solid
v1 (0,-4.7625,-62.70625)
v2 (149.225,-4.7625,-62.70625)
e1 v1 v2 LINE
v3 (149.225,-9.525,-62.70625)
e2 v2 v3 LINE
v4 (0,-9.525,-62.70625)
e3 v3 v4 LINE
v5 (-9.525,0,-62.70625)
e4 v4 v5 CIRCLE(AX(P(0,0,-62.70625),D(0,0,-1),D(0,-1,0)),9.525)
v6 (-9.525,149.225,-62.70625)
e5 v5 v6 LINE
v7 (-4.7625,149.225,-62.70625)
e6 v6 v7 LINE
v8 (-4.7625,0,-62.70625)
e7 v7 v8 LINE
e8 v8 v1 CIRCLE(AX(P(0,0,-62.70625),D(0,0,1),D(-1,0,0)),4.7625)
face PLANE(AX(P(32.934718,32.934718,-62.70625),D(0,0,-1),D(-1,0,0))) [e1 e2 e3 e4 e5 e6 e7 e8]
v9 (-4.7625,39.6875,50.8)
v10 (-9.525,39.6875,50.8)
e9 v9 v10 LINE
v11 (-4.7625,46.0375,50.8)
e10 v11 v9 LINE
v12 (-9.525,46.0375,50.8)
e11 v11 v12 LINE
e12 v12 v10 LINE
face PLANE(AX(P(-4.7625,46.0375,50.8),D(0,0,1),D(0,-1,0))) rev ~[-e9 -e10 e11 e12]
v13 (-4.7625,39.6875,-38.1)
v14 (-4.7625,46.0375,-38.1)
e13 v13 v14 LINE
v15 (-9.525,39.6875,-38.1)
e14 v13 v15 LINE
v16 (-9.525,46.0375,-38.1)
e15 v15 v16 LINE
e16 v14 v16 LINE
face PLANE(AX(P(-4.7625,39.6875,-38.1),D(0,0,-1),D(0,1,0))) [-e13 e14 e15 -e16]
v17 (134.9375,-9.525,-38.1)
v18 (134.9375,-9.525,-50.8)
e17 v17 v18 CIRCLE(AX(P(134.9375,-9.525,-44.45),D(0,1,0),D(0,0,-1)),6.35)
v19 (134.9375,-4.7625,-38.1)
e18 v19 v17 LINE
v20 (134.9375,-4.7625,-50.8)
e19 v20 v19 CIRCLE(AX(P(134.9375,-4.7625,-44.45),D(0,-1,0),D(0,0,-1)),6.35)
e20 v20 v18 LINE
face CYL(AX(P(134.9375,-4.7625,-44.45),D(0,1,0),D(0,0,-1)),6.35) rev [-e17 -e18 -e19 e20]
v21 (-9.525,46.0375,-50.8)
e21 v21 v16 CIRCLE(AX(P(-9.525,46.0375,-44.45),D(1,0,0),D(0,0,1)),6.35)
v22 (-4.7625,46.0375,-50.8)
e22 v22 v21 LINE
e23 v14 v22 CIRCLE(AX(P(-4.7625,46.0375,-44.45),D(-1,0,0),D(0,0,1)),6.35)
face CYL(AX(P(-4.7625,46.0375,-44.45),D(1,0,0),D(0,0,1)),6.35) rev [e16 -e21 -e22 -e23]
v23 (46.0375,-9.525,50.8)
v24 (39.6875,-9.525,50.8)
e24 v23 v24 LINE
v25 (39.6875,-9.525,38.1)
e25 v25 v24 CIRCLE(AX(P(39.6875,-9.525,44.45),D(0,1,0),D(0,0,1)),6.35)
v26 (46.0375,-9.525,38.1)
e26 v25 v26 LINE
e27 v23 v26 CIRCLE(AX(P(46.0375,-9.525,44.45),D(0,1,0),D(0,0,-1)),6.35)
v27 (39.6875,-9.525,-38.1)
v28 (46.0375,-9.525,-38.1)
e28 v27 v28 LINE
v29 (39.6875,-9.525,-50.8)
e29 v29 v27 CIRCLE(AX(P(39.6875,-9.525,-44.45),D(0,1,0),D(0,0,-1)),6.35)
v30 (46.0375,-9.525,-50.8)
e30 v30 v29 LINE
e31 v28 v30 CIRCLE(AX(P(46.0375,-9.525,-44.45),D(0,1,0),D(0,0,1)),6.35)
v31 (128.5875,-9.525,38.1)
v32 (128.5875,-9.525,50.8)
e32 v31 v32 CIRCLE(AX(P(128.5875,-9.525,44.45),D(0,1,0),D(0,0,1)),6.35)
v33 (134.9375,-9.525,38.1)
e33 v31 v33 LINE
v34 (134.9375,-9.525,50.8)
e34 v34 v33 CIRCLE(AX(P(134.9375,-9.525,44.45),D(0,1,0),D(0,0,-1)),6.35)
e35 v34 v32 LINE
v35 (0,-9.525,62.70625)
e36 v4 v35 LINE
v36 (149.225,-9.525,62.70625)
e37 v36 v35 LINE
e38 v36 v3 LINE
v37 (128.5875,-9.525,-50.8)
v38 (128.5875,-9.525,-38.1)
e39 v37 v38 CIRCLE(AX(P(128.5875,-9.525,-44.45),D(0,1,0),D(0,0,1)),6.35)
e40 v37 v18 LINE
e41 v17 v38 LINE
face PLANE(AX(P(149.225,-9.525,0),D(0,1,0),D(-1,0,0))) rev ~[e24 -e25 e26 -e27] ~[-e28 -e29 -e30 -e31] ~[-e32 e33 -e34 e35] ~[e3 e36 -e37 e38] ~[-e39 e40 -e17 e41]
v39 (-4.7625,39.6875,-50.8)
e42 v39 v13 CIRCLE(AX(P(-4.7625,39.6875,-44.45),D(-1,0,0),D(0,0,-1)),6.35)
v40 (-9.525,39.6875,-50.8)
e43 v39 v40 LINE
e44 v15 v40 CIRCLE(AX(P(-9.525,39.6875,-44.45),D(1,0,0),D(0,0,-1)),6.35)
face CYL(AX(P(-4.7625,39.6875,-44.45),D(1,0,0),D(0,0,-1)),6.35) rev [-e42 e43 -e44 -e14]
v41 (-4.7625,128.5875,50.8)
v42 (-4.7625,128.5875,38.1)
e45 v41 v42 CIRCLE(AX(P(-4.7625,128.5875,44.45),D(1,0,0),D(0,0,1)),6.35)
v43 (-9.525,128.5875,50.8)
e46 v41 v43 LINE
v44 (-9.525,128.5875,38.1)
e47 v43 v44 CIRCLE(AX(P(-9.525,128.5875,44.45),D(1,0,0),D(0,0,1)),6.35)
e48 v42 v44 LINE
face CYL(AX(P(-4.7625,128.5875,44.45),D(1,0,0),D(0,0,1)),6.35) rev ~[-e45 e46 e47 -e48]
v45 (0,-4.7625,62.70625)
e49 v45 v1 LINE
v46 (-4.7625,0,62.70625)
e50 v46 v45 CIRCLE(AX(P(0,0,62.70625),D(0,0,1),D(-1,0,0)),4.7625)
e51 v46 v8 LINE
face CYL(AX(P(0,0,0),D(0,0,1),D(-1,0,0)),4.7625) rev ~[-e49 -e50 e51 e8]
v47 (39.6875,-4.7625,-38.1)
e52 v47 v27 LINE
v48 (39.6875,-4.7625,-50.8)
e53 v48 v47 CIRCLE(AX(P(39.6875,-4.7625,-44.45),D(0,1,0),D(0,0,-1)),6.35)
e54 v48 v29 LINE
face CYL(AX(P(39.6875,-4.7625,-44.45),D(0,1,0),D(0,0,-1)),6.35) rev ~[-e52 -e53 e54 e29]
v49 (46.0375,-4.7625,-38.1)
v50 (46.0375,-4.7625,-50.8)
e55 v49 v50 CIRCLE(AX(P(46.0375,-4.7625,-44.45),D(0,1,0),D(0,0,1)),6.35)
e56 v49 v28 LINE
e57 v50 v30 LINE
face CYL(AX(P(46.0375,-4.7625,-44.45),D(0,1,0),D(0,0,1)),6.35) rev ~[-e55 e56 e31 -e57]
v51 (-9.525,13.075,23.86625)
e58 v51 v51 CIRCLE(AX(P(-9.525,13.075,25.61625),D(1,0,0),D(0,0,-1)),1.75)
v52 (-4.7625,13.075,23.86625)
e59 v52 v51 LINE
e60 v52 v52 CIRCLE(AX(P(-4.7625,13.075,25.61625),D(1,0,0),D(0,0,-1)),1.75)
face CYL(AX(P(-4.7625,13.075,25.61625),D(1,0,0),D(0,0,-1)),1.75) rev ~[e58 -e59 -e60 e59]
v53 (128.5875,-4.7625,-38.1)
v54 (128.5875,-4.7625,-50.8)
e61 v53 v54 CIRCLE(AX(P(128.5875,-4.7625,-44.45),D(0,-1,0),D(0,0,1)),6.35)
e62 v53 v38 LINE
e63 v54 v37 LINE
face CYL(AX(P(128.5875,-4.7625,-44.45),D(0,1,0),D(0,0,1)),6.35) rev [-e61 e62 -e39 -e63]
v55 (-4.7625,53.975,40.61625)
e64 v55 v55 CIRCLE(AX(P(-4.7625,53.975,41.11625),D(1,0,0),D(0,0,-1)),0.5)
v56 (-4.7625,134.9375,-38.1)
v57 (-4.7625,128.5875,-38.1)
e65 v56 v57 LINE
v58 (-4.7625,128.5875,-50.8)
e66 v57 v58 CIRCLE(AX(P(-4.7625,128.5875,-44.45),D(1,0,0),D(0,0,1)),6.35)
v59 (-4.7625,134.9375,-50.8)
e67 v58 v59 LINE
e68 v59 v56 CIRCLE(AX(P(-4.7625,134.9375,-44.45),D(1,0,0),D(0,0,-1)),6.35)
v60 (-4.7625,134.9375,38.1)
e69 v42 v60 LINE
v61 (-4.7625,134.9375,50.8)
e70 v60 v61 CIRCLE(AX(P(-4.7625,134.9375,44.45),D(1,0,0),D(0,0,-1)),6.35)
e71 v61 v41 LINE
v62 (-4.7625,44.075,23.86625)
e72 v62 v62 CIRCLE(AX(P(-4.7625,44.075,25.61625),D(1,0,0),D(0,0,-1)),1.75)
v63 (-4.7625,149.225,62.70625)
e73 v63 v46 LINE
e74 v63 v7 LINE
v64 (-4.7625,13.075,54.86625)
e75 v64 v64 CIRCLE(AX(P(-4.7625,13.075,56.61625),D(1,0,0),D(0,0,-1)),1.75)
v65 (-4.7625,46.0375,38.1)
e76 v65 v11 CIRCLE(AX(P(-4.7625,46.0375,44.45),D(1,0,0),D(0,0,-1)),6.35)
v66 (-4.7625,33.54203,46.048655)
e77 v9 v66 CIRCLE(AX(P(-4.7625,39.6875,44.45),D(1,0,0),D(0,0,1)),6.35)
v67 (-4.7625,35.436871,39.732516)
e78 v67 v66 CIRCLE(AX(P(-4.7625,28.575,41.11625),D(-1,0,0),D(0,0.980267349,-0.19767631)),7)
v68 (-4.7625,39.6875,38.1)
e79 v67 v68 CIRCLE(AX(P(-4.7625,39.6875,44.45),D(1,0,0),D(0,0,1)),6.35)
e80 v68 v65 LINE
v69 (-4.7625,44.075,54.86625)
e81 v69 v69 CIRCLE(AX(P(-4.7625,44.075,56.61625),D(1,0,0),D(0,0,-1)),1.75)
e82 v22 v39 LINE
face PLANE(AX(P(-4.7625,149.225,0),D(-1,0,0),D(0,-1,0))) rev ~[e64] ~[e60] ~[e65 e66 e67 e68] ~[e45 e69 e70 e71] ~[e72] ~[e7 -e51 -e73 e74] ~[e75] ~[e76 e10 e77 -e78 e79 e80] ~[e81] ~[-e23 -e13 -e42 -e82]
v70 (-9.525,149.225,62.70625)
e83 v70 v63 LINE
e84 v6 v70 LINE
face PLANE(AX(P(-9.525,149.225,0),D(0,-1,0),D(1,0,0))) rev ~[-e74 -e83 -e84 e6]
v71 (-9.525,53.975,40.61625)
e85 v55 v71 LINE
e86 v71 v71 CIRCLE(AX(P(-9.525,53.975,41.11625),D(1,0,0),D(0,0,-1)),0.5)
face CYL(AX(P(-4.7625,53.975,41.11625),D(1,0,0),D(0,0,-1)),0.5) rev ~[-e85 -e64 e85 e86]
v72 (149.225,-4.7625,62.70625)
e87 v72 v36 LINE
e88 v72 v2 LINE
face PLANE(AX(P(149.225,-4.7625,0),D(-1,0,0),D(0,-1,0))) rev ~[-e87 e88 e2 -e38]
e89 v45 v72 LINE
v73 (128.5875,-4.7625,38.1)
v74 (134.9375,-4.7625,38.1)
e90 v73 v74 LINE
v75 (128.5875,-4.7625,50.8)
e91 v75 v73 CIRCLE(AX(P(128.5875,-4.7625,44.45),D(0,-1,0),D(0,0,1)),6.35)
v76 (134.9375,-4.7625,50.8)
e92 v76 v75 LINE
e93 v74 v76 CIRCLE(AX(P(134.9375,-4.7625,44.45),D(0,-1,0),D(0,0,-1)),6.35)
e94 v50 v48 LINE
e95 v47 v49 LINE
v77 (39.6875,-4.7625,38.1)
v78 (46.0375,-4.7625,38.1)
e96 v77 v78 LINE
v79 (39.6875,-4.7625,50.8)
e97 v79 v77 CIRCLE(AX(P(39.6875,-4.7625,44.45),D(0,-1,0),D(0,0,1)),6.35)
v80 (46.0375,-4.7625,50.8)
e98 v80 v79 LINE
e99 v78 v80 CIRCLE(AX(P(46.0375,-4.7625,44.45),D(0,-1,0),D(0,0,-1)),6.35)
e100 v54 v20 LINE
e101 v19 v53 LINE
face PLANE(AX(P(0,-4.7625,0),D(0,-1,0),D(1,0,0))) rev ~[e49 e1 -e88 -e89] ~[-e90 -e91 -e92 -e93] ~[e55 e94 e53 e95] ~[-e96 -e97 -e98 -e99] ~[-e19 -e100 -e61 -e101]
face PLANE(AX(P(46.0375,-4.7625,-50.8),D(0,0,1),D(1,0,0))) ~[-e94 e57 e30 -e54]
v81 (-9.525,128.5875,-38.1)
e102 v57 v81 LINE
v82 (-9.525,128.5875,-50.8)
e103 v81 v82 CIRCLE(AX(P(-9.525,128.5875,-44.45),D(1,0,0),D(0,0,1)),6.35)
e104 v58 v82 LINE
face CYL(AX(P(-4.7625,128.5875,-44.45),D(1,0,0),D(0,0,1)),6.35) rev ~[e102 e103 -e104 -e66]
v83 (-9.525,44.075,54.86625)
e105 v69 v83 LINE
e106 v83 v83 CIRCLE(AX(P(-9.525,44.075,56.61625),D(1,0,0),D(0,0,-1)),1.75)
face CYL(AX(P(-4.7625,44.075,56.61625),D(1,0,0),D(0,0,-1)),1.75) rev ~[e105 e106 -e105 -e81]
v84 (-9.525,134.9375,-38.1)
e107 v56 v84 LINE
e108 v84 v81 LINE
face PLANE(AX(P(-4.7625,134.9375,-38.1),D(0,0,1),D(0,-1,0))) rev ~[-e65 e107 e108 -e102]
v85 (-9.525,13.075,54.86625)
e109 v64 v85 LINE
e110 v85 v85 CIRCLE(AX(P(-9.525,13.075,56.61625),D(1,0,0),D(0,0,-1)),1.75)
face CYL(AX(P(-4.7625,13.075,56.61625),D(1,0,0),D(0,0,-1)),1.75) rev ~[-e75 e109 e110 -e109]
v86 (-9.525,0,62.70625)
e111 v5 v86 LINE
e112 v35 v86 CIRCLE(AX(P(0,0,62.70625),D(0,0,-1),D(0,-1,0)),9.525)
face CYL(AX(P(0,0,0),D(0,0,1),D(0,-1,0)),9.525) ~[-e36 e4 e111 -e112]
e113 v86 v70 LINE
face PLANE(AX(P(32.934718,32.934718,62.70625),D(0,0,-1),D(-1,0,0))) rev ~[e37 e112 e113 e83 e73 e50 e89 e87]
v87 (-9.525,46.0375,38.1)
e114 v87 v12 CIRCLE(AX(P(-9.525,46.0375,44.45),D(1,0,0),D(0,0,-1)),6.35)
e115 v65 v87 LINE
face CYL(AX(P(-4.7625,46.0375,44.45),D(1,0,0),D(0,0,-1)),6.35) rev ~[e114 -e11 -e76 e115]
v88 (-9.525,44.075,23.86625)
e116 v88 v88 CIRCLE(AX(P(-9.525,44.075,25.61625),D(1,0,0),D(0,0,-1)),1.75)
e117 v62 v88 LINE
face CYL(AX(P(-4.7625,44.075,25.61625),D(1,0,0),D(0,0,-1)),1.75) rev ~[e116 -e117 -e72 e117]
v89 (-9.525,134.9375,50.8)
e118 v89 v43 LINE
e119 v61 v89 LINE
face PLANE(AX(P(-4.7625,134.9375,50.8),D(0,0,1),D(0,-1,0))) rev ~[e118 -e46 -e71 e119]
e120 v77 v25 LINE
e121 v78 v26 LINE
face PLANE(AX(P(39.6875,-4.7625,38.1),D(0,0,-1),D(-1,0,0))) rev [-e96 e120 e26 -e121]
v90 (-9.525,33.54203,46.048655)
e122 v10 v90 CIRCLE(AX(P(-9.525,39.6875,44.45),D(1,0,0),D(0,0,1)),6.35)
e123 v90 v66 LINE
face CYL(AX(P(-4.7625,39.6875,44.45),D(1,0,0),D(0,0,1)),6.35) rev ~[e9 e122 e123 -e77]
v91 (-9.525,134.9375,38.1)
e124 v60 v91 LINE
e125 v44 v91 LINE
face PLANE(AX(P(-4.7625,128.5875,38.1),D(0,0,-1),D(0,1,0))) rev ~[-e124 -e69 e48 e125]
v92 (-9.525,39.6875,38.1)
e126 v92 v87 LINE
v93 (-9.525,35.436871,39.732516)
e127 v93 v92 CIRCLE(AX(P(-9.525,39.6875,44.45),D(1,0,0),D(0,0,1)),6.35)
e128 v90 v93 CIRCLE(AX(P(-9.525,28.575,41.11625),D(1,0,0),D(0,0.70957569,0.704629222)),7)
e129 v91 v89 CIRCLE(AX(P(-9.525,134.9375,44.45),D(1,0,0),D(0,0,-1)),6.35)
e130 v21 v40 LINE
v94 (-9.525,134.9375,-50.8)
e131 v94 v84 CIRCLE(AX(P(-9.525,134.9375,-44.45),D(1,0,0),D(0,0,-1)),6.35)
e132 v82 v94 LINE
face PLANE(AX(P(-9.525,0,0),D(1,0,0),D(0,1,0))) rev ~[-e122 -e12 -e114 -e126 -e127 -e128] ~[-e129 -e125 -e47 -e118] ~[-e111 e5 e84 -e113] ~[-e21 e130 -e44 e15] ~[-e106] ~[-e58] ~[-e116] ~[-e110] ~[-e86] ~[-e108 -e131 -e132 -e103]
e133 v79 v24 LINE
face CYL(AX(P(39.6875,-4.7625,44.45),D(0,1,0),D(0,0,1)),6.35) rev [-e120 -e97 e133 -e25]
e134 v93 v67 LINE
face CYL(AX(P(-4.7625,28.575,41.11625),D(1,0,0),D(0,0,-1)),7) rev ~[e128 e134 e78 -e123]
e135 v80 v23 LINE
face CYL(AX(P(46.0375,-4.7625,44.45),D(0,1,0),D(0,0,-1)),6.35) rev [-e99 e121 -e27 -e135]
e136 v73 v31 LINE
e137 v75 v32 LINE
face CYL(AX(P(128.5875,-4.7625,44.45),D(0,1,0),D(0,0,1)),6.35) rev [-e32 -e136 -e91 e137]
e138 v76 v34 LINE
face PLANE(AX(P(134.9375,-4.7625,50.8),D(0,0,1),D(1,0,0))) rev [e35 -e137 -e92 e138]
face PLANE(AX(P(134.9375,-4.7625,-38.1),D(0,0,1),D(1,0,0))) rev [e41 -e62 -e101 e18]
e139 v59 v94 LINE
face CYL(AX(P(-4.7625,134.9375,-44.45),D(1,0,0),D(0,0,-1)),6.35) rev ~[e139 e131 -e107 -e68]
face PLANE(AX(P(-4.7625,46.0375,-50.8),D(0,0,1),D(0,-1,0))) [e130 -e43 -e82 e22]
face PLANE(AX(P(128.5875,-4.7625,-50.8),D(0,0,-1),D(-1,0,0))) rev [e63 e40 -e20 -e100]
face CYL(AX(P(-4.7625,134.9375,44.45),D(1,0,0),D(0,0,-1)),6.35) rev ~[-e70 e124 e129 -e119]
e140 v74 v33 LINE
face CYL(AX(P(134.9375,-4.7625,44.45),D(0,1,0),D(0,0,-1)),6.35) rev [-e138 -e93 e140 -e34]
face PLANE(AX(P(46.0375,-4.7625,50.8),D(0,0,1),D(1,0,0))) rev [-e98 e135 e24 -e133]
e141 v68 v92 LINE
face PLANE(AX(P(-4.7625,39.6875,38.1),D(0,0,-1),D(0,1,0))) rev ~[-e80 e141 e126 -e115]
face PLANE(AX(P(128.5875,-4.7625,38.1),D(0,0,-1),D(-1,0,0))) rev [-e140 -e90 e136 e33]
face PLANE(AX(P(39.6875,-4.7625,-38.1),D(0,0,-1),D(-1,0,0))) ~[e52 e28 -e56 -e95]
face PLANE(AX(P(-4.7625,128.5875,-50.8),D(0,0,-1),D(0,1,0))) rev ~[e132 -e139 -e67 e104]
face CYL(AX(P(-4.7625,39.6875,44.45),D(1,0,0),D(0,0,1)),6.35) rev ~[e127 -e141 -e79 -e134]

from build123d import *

# Parameters (mm, degrees)
BOSS_EXTRUDE1_DEPTH = 62.70625
CUT_EXTRUDE1_DEPTH  = 224.410663511
SKETCH3_R           = 7
SKETCH3_R_2         = 1.75
SKETCH3_R_3         = 0.5
CUT_EXTRUDE2_DEPTH  = 224.410663511


with BuildPart() as part:
    # Sketch1 → Boss-Extrude1 (new, symmetric)
    with BuildSketch(Plane.XY):
        with BuildLine():
            Line((-9.525, 149.225), (-4.7625, 149.225))
            Line((-4.7625, 149.225), (-4.7625, 0))
            ThreePointArc((-4.7625, 0), (-3.367596045, -3.367596045), (0, -4.7625))
            Line((0, -4.7625), (149.225, -4.7625))
            Line((149.225, -4.7625), (149.225, -9.525))
            Line((149.225, -9.525), (0, -9.525))
            ThreePointArc((0, -9.525), (-6.735192091, -6.735192091), (-9.525, 0))
            Line((-9.525, 0), (-9.525, 149.225))
        make_face()
    extrude(amount=BOSS_EXTRUDE1_DEPTH, both=True)

    # Sketch2 → Cut-Extrude1 (cut, through all)
    with BuildSketch(Plane(origin=(-4.7625, 0, 0), x_dir=(0, 0, -1), z_dir=(1, 0, 0))):
        with BuildLine():
            Line((-50.8, 134.9375), (-50.8, 128.5875))
            ThreePointArc((-50.8, 128.5875), (-44.45, 122.2375), (-38.1, 128.5875))
            Line((-38.1, 128.5875), (-38.1, 134.9375))
            ThreePointArc((-38.1, 134.9375), (-44.45, 141.2875), (-50.8, 134.9375))
        make_face()
        with BuildLine():
            Line((-50.8, 46.0375), (-50.8, 39.6875))
            ThreePointArc((-50.8, 39.6875), (-44.45, 33.3375), (-38.1, 39.6875))
            Line((-38.1, 39.6875), (-38.1, 46.0375))
            ThreePointArc((-38.1, 46.0375), (-44.45, 52.3875), (-50.8, 46.0375))
        make_face()
        with BuildLine():
            Line((38.1, 39.6875), (38.1, 46.0375))
            ThreePointArc((38.1, 46.0375), (44.45, 52.3875), (50.8, 46.0375))
            Line((50.8, 46.0375), (50.8, 39.6875))
            ThreePointArc((50.8, 39.6875), (44.45, 33.3375), (38.1, 39.6875))
        make_face()
        with BuildLine():
            Line((38.1, 134.9375), (38.1, 128.5875))
            ThreePointArc((38.1, 128.5875), (44.45, 122.2375), (50.8, 128.5875))
            Line((50.8, 128.5875), (50.8, 134.9375))
            ThreePointArc((50.8, 134.9375), (44.45, 141.2875), (38.1, 134.9375))
        make_face()
    cut_extrude1 = extrude(amount=-CUT_EXTRUDE1_DEPTH, mode=Mode.SUBTRACT)

    # Mirror1: Cut-Extrude1 across plane
    add(cut_extrude1.mirror(Plane(origin=(0, 0, 0), x_dir=(0, 0, 1), z_dir=(0.7071067811865475, -0.7071067811865476, 0))), mode=Mode.SUBTRACT)

    # Sketch3 → Cut-Extrude2 (cut, through all)
    with BuildSketch(Plane(origin=(-4.7625, 0, 0), x_dir=(0, 0, -1), z_dir=(1, 0, 0))):
        with Locations((-41.11625, 28.575)):
            Circle(SKETCH3_R)
        with Locations((-25.61625, 44.075)):
            Circle(SKETCH3_R_2)
        with Locations((-56.61625, 44.075)):
            Circle(SKETCH3_R_2)
        with Locations((-25.61625, 13.075)):
            Circle(SKETCH3_R_2)
        with Locations((-56.61625, 13.075)):
            Circle(SKETCH3_R_2)
        with Locations((-41.11625, 53.975)):
            Circle(SKETCH3_R_3)
    extrude(amount=-CUT_EXTRUDE2_DEPTH, mode=Mode.SUBTRACT)


solid = part.part
